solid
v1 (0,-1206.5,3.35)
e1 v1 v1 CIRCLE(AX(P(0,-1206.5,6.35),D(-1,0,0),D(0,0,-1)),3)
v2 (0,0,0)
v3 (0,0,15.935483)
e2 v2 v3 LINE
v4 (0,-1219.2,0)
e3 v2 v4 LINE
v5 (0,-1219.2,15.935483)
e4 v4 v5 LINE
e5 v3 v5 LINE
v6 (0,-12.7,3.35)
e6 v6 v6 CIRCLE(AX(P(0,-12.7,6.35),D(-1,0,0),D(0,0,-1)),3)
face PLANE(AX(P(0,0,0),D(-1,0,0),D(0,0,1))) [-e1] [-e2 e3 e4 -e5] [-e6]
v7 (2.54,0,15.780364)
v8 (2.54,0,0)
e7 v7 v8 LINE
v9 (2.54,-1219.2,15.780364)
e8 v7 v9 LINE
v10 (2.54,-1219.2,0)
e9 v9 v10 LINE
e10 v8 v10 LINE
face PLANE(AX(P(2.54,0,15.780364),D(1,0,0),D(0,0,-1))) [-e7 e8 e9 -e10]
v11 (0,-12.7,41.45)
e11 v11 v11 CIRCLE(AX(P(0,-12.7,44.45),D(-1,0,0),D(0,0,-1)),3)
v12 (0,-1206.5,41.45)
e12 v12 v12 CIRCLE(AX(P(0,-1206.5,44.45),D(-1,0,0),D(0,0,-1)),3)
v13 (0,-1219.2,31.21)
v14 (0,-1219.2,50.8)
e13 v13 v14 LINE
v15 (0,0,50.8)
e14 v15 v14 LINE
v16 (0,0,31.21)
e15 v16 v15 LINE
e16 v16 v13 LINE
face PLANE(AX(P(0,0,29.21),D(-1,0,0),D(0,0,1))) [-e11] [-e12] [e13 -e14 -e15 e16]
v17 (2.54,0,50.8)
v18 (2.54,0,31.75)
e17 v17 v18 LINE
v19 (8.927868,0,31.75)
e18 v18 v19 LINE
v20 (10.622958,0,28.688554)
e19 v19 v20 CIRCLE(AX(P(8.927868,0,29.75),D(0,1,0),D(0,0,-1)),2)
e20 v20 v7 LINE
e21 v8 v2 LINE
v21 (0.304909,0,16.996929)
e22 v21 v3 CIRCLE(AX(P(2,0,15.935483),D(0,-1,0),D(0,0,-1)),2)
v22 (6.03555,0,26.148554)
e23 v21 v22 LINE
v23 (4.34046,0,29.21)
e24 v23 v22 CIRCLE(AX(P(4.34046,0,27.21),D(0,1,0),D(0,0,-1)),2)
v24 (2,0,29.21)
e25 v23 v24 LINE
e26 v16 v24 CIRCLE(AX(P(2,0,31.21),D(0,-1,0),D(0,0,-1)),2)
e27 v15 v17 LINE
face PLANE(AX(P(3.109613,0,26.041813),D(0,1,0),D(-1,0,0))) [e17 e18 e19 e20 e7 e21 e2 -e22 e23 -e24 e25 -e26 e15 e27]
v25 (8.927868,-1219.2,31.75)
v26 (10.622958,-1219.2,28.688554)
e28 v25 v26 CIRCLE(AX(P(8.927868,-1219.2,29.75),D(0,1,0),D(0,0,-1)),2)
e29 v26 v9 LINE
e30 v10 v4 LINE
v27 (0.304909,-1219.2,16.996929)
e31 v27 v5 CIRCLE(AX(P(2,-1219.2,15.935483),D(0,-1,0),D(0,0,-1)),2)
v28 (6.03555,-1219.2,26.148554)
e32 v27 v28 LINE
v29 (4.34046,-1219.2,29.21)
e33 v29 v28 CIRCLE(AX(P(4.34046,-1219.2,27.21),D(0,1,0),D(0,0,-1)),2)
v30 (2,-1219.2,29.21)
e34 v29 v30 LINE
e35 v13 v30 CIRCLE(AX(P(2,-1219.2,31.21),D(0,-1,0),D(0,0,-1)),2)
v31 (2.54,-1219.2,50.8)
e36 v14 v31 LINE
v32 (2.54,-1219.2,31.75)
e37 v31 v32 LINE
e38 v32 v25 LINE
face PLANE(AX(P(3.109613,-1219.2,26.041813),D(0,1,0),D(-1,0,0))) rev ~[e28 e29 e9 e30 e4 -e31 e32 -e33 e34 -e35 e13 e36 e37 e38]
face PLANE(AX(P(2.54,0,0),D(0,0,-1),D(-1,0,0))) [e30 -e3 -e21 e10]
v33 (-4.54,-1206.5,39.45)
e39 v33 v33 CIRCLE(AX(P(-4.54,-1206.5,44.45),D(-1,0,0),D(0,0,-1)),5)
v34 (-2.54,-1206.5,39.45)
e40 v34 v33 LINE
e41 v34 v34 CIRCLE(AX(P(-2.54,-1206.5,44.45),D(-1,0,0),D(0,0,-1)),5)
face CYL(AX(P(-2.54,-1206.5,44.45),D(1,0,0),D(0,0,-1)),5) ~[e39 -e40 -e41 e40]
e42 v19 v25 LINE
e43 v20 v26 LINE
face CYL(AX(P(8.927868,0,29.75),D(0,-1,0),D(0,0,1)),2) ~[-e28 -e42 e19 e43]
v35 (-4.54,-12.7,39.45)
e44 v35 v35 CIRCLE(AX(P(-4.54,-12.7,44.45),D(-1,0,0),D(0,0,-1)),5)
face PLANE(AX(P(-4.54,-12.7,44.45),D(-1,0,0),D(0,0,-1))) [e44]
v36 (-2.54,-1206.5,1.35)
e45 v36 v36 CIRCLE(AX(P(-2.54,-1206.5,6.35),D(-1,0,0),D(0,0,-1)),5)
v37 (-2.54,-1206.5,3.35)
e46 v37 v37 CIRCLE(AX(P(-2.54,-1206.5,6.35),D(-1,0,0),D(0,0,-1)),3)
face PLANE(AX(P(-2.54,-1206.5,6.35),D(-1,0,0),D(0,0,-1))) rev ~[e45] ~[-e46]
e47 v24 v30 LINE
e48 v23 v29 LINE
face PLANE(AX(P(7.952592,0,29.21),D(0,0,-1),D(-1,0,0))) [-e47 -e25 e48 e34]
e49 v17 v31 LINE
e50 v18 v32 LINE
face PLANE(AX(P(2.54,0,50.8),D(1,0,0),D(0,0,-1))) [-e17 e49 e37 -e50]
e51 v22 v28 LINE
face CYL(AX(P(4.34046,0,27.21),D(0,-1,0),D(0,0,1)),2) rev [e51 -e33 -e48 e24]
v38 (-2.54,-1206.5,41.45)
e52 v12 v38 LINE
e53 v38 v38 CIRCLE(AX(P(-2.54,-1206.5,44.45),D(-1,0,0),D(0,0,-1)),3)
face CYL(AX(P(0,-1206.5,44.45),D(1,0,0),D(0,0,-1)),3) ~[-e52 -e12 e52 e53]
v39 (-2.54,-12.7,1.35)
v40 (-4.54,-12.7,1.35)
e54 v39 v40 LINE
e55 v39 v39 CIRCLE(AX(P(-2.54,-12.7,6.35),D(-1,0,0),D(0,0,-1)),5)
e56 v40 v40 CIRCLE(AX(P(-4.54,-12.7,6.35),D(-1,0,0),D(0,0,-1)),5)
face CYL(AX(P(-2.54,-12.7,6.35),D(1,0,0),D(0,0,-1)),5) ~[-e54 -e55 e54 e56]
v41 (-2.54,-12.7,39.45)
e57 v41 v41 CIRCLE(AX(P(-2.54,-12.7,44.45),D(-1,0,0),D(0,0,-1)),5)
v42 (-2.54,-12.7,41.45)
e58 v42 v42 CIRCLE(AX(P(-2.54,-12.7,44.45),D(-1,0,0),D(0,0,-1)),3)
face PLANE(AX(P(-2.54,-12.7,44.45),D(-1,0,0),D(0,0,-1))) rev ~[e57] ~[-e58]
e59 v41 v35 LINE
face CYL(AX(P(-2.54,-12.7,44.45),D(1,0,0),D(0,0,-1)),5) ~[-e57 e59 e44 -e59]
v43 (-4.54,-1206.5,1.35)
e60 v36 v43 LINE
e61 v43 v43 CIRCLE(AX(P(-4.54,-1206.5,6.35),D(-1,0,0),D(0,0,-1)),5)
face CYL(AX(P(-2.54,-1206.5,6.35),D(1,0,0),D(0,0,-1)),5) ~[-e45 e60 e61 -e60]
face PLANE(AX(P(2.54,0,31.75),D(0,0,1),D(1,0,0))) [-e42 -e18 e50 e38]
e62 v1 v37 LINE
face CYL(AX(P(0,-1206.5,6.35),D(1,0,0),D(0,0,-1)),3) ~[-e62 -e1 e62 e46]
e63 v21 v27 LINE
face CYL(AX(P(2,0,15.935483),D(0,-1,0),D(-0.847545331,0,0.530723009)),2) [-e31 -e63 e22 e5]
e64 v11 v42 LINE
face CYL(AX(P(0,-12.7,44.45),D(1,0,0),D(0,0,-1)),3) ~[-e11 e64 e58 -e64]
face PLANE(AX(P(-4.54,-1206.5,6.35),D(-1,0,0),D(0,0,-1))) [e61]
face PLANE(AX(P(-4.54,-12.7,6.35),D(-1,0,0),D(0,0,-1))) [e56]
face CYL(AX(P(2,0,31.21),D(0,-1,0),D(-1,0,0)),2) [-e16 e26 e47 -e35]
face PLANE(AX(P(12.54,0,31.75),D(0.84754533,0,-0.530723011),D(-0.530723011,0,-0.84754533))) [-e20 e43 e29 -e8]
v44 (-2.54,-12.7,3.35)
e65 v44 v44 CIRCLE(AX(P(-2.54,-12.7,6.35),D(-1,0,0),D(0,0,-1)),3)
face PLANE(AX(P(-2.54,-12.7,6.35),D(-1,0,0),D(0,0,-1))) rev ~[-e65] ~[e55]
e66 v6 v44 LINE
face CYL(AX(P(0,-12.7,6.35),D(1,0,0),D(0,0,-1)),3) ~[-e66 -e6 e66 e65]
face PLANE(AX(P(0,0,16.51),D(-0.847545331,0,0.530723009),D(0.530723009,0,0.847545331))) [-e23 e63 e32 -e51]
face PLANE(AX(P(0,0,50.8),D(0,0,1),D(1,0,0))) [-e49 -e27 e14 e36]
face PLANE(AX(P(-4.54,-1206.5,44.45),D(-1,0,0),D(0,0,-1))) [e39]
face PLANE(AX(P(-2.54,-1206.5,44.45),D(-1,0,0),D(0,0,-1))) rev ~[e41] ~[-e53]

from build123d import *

# Parameters (mm, degrees)
PAD_DEPTH    = 1219.2
SKETCH001_R  = 3
PAD001_DEPTH = 2.54
SKETCH002_R  = 5
PAD002_DEPTH = 2
FILLET_R     = 2


with BuildPart() as part:
    # Sketch → Pad (new body)
    with BuildSketch(Plane.XZ):
        Polygon((0, 0), (0, 16.51), (7.952592, 29.21), (0, 29.21), (0, 50.8), (2.54, 50.8), (2.54, 31.75), (12.54, 31.75), (2.54, 15.780364), (2.54, 0), align=None)
    extrude(amount=PAD_DEPTH)

    # Sketch001 (on Face4 of Pad) → Pad001 (join)
    with BuildSketch(Plane(origin=(0, 0, 0), x_dir=(0, 0, -1), z_dir=(-1, 0, 0))):
        with Locations((-44.45, 12.7)):
            Circle(SKETCH001_R)
        with Locations((-6.35, 12.7)):
            Circle(SKETCH001_R)
        with Locations((-44.45, 1206.5)):
            Circle(SKETCH001_R)
        with Locations((-6.35, 1206.5)):
            Circle(SKETCH001_R)
    extrude(amount=PAD001_DEPTH)

    # Sketch002 (on Face20 of Pad001) → Pad002 (join)
    with BuildSketch(Plane(origin=(-2.54, 0, 0), x_dir=(0, 0, -1), z_dir=(-1, 0, 0))):
        with Locations((-44.45, 12.7)):
            Circle(SKETCH002_R)
        with Locations((-6.35, 12.7)):
            Circle(SKETCH002_R)
        with Locations((-44.45, 1206.5)):
            Circle(SKETCH002_R)
        with Locations((-6.35, 1206.5)):
            Circle(SKETCH002_R)
    extrude(amount=PAD002_DEPTH)

    # Fillet
    fillet_edges = [part.edges().sort_by_distance(p)[0] for p in [
        (12.54, -609.6, 31.75),
        (0, -609.6, 29.21),
        (0, -609.6, 16.51),
        (7.952592, -609.6, 29.21),
    ]]
    fillet(fillet_edges, radius=FILLET_R)


solid = part.part
